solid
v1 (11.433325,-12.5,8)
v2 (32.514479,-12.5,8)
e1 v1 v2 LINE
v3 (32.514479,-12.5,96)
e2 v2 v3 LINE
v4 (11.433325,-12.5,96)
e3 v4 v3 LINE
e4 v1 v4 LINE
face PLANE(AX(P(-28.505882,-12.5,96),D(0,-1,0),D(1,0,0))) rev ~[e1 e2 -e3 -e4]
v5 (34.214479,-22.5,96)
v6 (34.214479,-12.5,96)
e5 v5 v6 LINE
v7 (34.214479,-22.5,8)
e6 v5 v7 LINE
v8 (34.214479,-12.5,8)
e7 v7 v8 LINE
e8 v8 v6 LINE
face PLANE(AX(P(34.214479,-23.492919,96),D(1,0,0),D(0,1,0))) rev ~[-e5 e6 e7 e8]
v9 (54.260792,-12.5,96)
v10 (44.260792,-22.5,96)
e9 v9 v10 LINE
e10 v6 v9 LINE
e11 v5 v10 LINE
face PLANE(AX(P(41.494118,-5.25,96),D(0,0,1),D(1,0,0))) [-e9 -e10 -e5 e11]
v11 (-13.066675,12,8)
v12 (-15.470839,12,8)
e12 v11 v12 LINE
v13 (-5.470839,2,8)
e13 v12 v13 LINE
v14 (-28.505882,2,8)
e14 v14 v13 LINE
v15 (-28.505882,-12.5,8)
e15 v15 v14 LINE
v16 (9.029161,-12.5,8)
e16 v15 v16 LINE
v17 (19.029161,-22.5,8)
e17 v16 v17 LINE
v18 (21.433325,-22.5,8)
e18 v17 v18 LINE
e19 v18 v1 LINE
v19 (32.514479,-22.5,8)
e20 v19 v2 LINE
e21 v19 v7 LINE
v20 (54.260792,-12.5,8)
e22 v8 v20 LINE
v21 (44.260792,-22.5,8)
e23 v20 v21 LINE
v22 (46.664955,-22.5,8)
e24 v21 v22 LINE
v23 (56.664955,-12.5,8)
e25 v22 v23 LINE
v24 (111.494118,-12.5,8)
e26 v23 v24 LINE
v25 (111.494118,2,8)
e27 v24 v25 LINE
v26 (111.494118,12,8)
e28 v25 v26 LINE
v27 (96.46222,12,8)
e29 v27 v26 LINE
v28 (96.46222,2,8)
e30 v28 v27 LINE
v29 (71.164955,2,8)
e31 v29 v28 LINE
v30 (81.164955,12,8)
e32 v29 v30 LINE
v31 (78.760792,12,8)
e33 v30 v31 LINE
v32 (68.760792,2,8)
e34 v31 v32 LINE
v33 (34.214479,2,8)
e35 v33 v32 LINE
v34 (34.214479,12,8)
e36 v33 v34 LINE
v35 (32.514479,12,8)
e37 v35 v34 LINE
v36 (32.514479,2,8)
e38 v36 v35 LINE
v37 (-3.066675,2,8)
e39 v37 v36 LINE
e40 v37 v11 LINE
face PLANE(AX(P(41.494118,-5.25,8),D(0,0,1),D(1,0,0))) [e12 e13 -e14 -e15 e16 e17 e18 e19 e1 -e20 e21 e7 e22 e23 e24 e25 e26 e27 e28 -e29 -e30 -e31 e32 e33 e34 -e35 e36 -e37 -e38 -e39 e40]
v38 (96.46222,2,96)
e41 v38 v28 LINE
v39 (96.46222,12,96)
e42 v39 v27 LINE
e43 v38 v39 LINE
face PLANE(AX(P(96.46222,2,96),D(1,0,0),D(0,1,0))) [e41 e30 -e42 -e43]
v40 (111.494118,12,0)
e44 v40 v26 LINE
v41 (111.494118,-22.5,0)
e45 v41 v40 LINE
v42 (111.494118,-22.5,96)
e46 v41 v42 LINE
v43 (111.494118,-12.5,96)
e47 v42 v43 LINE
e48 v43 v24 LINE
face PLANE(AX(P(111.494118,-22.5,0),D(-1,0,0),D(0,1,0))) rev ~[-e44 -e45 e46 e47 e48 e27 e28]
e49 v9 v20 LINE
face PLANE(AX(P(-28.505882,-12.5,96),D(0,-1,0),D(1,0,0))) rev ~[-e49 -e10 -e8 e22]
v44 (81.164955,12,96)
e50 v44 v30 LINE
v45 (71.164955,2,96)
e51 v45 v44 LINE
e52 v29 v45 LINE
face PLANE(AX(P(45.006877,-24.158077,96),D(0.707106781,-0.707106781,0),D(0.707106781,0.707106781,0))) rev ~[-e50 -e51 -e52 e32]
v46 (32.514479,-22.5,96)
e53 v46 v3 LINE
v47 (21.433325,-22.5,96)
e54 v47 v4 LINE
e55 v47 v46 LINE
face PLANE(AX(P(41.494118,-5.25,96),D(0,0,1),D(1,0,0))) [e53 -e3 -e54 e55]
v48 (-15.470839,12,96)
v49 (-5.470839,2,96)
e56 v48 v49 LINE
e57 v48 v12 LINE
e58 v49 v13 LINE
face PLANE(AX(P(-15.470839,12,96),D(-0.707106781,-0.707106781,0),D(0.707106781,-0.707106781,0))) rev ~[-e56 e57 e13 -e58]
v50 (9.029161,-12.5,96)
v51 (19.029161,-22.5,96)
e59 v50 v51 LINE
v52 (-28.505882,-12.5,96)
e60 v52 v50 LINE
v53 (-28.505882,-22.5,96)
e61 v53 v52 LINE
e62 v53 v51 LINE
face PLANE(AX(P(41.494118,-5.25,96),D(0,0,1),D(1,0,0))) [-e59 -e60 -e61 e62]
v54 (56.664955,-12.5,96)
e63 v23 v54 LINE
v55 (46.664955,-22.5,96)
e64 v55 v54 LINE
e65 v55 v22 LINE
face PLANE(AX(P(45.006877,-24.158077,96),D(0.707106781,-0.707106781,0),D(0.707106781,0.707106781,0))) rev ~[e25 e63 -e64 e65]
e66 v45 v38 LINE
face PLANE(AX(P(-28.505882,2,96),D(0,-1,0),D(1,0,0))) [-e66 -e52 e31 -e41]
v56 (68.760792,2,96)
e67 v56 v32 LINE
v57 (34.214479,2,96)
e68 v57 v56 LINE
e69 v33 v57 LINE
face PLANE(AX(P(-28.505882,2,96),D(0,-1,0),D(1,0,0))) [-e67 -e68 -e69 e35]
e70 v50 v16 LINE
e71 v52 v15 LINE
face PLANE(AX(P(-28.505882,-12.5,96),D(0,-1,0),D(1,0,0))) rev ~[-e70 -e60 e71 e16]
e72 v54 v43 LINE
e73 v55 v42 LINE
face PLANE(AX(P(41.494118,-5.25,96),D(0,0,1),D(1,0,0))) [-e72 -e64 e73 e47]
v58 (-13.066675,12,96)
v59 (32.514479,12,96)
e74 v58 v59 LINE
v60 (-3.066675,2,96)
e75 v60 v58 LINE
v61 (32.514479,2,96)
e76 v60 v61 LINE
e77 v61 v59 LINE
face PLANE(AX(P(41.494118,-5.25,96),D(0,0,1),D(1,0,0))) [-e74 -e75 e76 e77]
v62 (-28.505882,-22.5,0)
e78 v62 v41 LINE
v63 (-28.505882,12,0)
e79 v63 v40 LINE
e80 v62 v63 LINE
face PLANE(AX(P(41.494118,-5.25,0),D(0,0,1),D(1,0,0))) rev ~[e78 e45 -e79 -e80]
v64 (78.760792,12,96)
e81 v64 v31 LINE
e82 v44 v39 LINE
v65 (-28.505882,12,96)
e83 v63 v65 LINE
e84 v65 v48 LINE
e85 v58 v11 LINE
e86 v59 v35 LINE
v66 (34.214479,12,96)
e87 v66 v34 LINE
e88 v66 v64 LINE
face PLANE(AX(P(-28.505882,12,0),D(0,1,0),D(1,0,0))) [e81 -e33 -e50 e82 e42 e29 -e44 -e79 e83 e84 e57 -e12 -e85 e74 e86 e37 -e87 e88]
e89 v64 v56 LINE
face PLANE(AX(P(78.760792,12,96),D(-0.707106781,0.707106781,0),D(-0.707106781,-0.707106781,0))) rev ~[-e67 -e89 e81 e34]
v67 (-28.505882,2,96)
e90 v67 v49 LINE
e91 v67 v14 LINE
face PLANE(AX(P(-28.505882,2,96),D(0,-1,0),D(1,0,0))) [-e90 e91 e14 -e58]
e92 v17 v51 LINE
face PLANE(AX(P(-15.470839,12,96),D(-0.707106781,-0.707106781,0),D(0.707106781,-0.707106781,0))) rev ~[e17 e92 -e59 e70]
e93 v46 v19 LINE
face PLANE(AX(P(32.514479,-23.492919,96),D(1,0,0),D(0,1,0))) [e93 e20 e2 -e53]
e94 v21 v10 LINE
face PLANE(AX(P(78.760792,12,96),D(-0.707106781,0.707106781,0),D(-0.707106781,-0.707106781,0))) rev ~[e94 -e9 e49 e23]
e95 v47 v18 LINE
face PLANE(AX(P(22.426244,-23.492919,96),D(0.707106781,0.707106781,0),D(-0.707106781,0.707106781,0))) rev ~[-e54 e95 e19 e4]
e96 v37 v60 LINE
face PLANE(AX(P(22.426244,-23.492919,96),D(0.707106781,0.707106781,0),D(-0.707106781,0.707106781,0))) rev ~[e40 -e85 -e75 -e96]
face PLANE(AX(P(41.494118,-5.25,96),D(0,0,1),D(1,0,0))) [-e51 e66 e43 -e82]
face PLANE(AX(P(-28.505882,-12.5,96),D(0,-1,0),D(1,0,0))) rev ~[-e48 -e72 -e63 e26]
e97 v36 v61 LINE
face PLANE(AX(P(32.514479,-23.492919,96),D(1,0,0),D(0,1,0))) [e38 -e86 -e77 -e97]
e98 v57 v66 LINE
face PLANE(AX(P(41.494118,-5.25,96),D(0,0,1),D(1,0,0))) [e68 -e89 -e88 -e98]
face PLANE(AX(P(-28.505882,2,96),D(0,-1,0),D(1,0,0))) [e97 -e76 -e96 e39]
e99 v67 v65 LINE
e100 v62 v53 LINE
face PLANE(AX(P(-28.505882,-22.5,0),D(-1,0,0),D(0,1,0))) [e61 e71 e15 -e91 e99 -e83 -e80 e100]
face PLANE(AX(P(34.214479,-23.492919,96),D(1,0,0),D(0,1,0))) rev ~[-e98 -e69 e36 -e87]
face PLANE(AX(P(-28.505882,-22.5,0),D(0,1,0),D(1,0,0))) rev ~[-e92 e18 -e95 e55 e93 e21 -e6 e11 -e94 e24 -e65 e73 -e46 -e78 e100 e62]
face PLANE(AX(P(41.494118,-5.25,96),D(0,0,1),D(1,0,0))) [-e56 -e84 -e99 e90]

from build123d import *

# Parameters (mm, degrees)
F0_W     = 140
F0_H     = 34.5
F1_DEPTH = 96
F2_W     = 140
F2_H     = 14.5
F3_DEPTH = 88
F4_W     = 1.7
F4_H     = 35.4929193519
F4_W_2   = 15.0318985057
F4_H_2   = 10
F5_DEPTH = 88


with BuildPart() as f1:
    # F0 (on Top) → F1 (new body)
    with BuildSketch(Plane.XY):
        with Locations((41.4941184592, -5.2499999292)):
            Rectangle(F0_W, F0_H)
    extrude(amount=F1_DEPTH)

    # F2 (on face) → F3 (cut)
    with BuildSketch(Plane.XY.offset(96)):
        with Locations((41.4941184592, -5.2499999292)):
            Rectangle(F2_W, F2_H)
    extrude(amount=-F3_DEPTH, mode=Mode.SUBTRACT)

    # F4 (on face) → F5 (cut)
    with BuildSketch(Plane.XY.offset(96)):
        Polygon((-13.0666754805, 12.0000000708), (-15.4708385365, 12.0000000708), (20.0220808154, -23.4929192811), (22.4262438715, -23.4929192811), align=None)
        Polygon((81.1649545925, 12.0000000708), (78.7607915364, 12.0000000708), (42.6027141511, -24.1580773145), (45.0068772072, -24.1580773145), align=None)
        with Locations((33.3644790113, -5.7464596052)):
            Rectangle(F4_W, F4_H)
        with Locations((103.9781692064, 7.0000000708)):
            Rectangle(F4_W_2, F4_H_2)
    extrude(amount=-F5_DEPTH, mode=Mode.SUBTRACT)


solid = f1.part
